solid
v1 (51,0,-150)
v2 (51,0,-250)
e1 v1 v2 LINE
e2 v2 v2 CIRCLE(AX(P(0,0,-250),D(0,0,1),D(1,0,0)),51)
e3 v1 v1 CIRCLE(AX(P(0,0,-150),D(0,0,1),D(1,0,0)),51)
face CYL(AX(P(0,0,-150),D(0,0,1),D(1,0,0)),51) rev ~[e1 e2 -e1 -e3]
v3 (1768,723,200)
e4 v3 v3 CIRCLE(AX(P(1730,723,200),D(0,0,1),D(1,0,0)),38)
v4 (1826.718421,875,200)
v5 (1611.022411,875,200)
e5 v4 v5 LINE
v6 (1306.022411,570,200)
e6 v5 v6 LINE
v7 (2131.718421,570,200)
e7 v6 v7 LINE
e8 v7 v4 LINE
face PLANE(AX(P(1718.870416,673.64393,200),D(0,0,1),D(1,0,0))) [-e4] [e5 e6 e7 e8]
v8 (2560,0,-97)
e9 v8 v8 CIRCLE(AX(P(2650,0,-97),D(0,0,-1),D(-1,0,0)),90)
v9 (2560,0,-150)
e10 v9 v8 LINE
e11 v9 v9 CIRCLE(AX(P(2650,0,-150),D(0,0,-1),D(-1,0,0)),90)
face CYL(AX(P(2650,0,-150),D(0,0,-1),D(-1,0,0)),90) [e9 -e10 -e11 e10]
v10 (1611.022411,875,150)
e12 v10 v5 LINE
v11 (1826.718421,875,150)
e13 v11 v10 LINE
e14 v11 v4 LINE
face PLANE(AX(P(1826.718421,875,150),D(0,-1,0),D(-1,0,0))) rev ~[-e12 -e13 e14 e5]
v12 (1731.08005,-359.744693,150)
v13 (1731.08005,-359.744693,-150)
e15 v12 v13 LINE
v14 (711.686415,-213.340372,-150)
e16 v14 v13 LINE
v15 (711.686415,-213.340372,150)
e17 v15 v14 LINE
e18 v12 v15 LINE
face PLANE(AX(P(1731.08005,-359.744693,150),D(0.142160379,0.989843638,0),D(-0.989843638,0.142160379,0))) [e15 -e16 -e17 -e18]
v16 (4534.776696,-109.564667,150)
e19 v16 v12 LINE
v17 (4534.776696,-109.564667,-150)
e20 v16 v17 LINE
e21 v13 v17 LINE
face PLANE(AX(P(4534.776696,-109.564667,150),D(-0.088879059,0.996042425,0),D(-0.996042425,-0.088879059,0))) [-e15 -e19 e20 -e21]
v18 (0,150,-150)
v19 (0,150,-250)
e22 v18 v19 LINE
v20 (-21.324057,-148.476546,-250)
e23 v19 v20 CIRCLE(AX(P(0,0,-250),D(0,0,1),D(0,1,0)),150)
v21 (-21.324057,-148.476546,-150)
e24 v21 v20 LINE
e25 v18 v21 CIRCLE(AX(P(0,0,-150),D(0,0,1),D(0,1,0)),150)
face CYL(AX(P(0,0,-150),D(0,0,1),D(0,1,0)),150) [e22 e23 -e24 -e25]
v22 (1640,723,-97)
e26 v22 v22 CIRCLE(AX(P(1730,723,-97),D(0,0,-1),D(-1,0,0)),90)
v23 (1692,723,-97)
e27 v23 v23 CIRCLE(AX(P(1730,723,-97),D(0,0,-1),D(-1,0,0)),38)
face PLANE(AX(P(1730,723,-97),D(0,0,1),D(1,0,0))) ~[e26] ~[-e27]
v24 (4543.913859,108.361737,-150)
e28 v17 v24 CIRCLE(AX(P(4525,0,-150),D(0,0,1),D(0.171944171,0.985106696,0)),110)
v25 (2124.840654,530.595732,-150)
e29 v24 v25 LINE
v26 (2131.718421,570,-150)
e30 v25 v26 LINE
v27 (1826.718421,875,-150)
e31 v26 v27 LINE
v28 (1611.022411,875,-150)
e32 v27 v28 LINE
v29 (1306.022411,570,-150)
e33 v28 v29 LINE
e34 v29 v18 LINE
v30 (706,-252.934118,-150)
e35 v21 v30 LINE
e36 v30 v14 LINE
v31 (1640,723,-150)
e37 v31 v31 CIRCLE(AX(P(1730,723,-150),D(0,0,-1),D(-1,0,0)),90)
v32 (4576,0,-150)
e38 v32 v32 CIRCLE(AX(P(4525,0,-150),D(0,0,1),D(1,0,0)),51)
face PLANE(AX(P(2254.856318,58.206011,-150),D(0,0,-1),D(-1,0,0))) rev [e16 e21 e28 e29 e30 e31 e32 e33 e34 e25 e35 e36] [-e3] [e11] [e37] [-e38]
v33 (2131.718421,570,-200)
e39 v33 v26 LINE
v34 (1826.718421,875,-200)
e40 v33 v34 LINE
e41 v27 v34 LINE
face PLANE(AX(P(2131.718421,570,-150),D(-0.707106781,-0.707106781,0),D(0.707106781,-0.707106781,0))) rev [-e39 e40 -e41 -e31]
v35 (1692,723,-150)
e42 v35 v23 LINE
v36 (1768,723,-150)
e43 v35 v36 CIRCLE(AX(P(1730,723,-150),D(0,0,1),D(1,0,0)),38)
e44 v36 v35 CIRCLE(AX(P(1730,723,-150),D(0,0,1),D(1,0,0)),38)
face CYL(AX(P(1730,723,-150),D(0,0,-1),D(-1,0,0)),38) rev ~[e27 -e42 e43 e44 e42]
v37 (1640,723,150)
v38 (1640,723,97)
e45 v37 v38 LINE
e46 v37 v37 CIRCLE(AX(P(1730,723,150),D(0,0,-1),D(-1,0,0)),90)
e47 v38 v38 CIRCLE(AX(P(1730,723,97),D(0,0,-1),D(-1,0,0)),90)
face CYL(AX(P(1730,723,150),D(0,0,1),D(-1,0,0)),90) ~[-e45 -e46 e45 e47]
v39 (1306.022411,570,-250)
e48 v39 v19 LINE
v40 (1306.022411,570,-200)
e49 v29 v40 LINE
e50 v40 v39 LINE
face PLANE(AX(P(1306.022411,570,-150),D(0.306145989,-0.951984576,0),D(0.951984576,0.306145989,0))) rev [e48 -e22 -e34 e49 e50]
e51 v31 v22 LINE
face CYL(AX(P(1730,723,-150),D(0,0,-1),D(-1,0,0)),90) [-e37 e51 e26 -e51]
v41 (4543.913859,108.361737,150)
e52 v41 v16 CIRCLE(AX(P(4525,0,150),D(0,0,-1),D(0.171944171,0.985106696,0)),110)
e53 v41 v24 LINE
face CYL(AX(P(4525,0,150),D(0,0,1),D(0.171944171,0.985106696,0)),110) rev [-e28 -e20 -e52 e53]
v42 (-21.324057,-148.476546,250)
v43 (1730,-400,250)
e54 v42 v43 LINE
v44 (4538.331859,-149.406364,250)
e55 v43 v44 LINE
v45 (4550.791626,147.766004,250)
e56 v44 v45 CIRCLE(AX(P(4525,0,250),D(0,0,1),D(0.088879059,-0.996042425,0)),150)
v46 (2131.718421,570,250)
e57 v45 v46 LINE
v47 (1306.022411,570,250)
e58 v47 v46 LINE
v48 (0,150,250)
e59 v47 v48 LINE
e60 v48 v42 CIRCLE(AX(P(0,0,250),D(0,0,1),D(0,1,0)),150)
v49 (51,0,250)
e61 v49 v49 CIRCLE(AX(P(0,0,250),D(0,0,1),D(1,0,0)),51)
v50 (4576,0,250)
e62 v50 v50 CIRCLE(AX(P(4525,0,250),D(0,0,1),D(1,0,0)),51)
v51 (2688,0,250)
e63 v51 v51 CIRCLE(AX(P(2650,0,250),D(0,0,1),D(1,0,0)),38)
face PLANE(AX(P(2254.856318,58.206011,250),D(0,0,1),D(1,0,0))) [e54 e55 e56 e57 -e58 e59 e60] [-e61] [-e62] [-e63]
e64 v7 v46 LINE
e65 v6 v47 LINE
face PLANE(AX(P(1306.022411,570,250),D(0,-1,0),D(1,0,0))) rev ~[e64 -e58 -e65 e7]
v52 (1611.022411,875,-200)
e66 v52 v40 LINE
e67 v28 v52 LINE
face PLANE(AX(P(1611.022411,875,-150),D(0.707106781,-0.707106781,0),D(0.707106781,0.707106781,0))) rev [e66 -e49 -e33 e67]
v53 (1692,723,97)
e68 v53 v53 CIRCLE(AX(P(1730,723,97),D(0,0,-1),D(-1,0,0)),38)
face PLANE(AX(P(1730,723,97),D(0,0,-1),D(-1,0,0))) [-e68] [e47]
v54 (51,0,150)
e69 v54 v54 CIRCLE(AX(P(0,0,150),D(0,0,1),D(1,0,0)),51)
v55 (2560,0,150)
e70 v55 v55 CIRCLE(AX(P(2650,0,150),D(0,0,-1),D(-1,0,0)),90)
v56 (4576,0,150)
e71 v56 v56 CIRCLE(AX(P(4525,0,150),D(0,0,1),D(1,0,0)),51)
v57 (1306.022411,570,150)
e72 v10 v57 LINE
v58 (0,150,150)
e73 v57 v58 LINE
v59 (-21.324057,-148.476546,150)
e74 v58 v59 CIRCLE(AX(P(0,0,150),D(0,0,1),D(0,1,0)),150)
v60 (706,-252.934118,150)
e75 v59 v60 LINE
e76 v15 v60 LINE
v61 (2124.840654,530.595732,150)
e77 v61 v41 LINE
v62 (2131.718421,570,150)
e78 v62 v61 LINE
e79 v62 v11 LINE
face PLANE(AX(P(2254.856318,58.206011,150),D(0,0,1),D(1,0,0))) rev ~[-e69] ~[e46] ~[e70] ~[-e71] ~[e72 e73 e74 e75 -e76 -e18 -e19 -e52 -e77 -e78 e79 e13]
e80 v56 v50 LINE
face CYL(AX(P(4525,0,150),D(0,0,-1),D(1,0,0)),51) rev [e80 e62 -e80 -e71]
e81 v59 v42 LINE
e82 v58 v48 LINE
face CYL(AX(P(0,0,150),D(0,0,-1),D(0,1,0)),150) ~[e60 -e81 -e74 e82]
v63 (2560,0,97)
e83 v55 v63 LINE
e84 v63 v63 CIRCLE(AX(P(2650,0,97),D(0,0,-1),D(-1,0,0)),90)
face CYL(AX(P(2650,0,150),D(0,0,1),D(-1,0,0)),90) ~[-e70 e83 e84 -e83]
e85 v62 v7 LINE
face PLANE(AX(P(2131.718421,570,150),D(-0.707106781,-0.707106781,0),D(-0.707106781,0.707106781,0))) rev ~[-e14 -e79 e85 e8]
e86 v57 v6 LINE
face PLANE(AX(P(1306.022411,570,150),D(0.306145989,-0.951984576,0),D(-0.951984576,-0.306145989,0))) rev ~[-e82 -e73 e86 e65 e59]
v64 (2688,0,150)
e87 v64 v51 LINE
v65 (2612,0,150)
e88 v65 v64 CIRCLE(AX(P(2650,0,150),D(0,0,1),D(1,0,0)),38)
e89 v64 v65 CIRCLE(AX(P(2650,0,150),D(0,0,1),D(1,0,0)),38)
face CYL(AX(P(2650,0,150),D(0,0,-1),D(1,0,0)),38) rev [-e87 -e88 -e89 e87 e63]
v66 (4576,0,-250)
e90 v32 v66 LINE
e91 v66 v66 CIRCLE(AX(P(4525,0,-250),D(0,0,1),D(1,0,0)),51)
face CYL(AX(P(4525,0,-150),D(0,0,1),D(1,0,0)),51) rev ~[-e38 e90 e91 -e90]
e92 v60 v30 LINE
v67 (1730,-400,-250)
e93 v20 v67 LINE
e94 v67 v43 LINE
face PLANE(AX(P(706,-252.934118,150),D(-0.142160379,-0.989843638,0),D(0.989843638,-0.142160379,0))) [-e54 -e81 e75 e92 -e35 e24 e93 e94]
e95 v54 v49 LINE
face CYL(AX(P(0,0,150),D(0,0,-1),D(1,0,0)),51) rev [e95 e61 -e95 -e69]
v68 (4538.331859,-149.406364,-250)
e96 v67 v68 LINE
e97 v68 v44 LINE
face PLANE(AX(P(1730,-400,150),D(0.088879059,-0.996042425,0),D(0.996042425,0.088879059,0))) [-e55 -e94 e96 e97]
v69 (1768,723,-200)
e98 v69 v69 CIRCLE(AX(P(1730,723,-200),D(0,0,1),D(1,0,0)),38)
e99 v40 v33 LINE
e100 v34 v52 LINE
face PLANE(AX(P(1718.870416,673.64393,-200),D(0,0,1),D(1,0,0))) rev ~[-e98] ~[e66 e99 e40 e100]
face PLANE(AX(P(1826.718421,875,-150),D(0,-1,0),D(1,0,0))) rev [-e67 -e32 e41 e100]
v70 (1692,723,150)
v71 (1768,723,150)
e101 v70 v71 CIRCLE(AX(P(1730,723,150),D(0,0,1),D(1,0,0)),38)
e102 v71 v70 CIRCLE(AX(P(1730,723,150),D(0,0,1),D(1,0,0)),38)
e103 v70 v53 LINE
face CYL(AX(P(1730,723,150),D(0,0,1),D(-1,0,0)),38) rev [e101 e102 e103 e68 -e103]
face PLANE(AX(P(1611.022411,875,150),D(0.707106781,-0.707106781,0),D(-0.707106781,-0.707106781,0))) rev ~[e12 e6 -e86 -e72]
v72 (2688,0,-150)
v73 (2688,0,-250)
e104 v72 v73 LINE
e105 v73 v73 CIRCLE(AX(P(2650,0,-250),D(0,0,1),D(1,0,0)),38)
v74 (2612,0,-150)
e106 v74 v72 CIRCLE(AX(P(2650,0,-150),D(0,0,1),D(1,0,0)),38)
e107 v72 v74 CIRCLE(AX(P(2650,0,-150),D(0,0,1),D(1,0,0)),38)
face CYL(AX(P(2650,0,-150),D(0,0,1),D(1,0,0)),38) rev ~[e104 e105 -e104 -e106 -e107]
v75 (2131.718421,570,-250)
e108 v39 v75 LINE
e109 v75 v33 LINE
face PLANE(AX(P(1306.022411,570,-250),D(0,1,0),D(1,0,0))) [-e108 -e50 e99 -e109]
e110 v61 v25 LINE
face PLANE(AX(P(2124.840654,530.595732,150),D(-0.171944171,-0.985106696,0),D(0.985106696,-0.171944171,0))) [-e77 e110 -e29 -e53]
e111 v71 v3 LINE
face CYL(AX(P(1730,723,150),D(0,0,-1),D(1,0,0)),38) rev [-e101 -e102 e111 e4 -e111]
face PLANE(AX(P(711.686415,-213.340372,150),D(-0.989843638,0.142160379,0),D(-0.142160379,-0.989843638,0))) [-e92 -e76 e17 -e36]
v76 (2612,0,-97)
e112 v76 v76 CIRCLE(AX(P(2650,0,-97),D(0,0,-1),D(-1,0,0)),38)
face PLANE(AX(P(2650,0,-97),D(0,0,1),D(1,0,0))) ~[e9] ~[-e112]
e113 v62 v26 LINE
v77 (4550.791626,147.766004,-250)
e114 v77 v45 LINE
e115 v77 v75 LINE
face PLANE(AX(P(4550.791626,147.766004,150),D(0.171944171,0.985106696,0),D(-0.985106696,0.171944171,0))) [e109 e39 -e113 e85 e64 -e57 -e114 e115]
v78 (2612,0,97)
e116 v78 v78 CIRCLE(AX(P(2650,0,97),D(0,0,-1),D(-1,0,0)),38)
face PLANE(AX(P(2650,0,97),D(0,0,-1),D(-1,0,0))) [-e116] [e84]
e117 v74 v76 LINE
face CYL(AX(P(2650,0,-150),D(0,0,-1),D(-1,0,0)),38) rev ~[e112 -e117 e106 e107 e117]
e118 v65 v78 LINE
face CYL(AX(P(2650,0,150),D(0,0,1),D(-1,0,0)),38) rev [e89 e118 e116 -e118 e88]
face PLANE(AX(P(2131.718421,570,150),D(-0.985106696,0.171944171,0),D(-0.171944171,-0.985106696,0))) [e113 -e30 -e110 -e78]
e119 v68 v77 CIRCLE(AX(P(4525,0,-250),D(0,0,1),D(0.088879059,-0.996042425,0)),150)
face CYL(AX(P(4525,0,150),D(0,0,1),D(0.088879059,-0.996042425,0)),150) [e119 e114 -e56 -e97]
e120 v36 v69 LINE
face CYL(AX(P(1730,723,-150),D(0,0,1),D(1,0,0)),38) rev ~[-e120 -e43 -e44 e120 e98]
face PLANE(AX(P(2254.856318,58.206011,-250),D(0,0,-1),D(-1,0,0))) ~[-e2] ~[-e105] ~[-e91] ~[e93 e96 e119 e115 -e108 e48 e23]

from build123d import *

# Parameters (mm, degrees)
BOSS_EXTRUDE1_START = 150
SKETCH1_R           = 51
SKETCH1_R_2         = 38
BOSS_EXTRUDE1_DEPTH = 100
BOSS_EXTRUDE2_DEPTH = 306
SKETCH4_R           = 90
SKETCH4_R_2         = 38
BOSS_EXTRUDE3_DEPTH = 53
CUT_EXTRUDE1_START  = 250
SKETCH1_3_R         = 38
CUT_EXTRUDE1_DEPTH  = 50
CUT_EXTRUDE2_START  = -250
SKETCH1_5_R         = 38
CUT_EXTRUDE2_DEPTH  = 50


with BuildPart() as part:
    # Sketch1 → Boss-Extrude1 (new body)
    with BuildSketch(Plane.XY.offset(BOSS_EXTRUDE1_START)):
        with BuildLine():
            Line((1730, -400), (4538.33185886, -149.406363785))
            ThreePointArc((4538.33185886, -149.406363785), (4674.868328403, -6.283640799), (4550.791625622, 147.766004371))
            Line((4550.791625622, 147.766004371), (2131.718421044, 570))
            Line((2131.718421044, 570), (1306.022410762, 570))
            Line((1306.022410762, 570), (0, 150))
            ThreePointArc((0, 150), (-149.618651652, 10.689203798), (-21.324056793, -148.476545629))
            Line((-21.324056793, -148.476545629), (1730, -400))
        make_face()
        with Locations((4525, 0)):
            Circle(SKETCH1_R, mode=Mode.SUBTRACT)
        with Locations((2650, 0)):
            Circle(SKETCH1_R_2, mode=Mode.SUBTRACT)
        Circle(SKETCH1_R, mode=Mode.SUBTRACT)
        Polygon((1611.022410762, 875), (1306.022410762, 570), (2131.718421044, 570), (1826.718421044, 875), align=None)
        with Locations((1730, 723)):
            Circle(SKETCH1_R_2, mode=Mode.SUBTRACT)
    boss_extrude1 = extrude(amount=BOSS_EXTRUDE1_DEPTH)

    # Sketch3 → Boss-Extrude2 (add)
    with BuildSketch(Plane(origin=(0, 0, 150), x_dir=(-1, 0, 0), z_dir=(0, 0, -1))):
        with BuildLine():
            Line((-1730, -400), (-4538.33185886, -149.406363785))
            ThreePointArc((-4538.33185886, -149.406363785), (-4674.868328403, -6.283640799), (-4550.791625622, 147.766004371))
            Line((-4550.791625622, 147.766004371), (-2131.718421044, 570))
            Line((-2131.718421044, 570), (-2124.840654212, 530.595732168))
            Line((-2124.840654212, 530.595732168), (-4543.913858789, 108.361736539))
            ThreePointArc((-4543.913858789, 108.361736539), (-4634.903440829, -4.608003253), (-4534.776696497, -109.564666775))
            Line((-4534.776696497, -109.564666775), (-1731.080049821, -359.7446928))
            Line((-1731.080049821, -359.7446928), (-711.686415145, -213.340372387))
            Line((-711.686415145, -213.340372387), (-706, -252.934117888))
            Line((-706, -252.934117888), (-1730, -400))
        make_face()
    extrude(amount=BOSS_EXTRUDE2_DEPTH)

    # Sketch4 → Boss-Extrude3 (add)
    with BuildSketch(Plane(origin=(0, 0, 150), x_dir=(-1, 0, 0), z_dir=(0, 0, -1))):
        with Locations((-2650, 0)):
            Circle(SKETCH4_R)
        with Locations((-2650, 0)):
            Circle(SKETCH4_R_2, mode=Mode.SUBTRACT)
        with Locations((-1730, 723)):
            Circle(SKETCH4_R)
        with Locations((-1730, 723)):
            Circle(SKETCH4_R_2, mode=Mode.SUBTRACT)
    boss_extrude3 = extrude(amount=BOSS_EXTRUDE3_DEPTH)

    # Sketch1<3> → Cut-Extrude1 (cut)
    with BuildSketch(Plane.XY.offset(CUT_EXTRUDE1_START)):
        Polygon((1611.022410762, 875), (1306.022410762, 570), (2131.718421044, 570), (1826.718421044, 875), align=None)
        with Locations((1730, 723)):
            Circle(SKETCH1_3_R, mode=Mode.SUBTRACT)
    extrude(amount=-CUT_EXTRUDE1_DEPTH, mode=Mode.SUBTRACT)

    # Mirror1: Boss-Extrude1, Boss-Extrude3 across plane
    add(boss_extrude1.mirror(Plane.XY))
    add(boss_extrude3.mirror(Plane.XY))

    # Sketch1<5> → Cut-Extrude2 (cut)
    with BuildSketch(Plane.XY.offset(CUT_EXTRUDE2_START)):
        Polygon((1611.022410762, 875), (1306.022410762, 570), (2131.718421044, 570), (1826.718421044, 875), align=None)
        with Locations((1730, 723)):
            Circle(SKETCH1_5_R, mode=Mode.SUBTRACT)
    extrude(amount=CUT_EXTRUDE2_DEPTH, mode=Mode.SUBTRACT)


solid = part.part
